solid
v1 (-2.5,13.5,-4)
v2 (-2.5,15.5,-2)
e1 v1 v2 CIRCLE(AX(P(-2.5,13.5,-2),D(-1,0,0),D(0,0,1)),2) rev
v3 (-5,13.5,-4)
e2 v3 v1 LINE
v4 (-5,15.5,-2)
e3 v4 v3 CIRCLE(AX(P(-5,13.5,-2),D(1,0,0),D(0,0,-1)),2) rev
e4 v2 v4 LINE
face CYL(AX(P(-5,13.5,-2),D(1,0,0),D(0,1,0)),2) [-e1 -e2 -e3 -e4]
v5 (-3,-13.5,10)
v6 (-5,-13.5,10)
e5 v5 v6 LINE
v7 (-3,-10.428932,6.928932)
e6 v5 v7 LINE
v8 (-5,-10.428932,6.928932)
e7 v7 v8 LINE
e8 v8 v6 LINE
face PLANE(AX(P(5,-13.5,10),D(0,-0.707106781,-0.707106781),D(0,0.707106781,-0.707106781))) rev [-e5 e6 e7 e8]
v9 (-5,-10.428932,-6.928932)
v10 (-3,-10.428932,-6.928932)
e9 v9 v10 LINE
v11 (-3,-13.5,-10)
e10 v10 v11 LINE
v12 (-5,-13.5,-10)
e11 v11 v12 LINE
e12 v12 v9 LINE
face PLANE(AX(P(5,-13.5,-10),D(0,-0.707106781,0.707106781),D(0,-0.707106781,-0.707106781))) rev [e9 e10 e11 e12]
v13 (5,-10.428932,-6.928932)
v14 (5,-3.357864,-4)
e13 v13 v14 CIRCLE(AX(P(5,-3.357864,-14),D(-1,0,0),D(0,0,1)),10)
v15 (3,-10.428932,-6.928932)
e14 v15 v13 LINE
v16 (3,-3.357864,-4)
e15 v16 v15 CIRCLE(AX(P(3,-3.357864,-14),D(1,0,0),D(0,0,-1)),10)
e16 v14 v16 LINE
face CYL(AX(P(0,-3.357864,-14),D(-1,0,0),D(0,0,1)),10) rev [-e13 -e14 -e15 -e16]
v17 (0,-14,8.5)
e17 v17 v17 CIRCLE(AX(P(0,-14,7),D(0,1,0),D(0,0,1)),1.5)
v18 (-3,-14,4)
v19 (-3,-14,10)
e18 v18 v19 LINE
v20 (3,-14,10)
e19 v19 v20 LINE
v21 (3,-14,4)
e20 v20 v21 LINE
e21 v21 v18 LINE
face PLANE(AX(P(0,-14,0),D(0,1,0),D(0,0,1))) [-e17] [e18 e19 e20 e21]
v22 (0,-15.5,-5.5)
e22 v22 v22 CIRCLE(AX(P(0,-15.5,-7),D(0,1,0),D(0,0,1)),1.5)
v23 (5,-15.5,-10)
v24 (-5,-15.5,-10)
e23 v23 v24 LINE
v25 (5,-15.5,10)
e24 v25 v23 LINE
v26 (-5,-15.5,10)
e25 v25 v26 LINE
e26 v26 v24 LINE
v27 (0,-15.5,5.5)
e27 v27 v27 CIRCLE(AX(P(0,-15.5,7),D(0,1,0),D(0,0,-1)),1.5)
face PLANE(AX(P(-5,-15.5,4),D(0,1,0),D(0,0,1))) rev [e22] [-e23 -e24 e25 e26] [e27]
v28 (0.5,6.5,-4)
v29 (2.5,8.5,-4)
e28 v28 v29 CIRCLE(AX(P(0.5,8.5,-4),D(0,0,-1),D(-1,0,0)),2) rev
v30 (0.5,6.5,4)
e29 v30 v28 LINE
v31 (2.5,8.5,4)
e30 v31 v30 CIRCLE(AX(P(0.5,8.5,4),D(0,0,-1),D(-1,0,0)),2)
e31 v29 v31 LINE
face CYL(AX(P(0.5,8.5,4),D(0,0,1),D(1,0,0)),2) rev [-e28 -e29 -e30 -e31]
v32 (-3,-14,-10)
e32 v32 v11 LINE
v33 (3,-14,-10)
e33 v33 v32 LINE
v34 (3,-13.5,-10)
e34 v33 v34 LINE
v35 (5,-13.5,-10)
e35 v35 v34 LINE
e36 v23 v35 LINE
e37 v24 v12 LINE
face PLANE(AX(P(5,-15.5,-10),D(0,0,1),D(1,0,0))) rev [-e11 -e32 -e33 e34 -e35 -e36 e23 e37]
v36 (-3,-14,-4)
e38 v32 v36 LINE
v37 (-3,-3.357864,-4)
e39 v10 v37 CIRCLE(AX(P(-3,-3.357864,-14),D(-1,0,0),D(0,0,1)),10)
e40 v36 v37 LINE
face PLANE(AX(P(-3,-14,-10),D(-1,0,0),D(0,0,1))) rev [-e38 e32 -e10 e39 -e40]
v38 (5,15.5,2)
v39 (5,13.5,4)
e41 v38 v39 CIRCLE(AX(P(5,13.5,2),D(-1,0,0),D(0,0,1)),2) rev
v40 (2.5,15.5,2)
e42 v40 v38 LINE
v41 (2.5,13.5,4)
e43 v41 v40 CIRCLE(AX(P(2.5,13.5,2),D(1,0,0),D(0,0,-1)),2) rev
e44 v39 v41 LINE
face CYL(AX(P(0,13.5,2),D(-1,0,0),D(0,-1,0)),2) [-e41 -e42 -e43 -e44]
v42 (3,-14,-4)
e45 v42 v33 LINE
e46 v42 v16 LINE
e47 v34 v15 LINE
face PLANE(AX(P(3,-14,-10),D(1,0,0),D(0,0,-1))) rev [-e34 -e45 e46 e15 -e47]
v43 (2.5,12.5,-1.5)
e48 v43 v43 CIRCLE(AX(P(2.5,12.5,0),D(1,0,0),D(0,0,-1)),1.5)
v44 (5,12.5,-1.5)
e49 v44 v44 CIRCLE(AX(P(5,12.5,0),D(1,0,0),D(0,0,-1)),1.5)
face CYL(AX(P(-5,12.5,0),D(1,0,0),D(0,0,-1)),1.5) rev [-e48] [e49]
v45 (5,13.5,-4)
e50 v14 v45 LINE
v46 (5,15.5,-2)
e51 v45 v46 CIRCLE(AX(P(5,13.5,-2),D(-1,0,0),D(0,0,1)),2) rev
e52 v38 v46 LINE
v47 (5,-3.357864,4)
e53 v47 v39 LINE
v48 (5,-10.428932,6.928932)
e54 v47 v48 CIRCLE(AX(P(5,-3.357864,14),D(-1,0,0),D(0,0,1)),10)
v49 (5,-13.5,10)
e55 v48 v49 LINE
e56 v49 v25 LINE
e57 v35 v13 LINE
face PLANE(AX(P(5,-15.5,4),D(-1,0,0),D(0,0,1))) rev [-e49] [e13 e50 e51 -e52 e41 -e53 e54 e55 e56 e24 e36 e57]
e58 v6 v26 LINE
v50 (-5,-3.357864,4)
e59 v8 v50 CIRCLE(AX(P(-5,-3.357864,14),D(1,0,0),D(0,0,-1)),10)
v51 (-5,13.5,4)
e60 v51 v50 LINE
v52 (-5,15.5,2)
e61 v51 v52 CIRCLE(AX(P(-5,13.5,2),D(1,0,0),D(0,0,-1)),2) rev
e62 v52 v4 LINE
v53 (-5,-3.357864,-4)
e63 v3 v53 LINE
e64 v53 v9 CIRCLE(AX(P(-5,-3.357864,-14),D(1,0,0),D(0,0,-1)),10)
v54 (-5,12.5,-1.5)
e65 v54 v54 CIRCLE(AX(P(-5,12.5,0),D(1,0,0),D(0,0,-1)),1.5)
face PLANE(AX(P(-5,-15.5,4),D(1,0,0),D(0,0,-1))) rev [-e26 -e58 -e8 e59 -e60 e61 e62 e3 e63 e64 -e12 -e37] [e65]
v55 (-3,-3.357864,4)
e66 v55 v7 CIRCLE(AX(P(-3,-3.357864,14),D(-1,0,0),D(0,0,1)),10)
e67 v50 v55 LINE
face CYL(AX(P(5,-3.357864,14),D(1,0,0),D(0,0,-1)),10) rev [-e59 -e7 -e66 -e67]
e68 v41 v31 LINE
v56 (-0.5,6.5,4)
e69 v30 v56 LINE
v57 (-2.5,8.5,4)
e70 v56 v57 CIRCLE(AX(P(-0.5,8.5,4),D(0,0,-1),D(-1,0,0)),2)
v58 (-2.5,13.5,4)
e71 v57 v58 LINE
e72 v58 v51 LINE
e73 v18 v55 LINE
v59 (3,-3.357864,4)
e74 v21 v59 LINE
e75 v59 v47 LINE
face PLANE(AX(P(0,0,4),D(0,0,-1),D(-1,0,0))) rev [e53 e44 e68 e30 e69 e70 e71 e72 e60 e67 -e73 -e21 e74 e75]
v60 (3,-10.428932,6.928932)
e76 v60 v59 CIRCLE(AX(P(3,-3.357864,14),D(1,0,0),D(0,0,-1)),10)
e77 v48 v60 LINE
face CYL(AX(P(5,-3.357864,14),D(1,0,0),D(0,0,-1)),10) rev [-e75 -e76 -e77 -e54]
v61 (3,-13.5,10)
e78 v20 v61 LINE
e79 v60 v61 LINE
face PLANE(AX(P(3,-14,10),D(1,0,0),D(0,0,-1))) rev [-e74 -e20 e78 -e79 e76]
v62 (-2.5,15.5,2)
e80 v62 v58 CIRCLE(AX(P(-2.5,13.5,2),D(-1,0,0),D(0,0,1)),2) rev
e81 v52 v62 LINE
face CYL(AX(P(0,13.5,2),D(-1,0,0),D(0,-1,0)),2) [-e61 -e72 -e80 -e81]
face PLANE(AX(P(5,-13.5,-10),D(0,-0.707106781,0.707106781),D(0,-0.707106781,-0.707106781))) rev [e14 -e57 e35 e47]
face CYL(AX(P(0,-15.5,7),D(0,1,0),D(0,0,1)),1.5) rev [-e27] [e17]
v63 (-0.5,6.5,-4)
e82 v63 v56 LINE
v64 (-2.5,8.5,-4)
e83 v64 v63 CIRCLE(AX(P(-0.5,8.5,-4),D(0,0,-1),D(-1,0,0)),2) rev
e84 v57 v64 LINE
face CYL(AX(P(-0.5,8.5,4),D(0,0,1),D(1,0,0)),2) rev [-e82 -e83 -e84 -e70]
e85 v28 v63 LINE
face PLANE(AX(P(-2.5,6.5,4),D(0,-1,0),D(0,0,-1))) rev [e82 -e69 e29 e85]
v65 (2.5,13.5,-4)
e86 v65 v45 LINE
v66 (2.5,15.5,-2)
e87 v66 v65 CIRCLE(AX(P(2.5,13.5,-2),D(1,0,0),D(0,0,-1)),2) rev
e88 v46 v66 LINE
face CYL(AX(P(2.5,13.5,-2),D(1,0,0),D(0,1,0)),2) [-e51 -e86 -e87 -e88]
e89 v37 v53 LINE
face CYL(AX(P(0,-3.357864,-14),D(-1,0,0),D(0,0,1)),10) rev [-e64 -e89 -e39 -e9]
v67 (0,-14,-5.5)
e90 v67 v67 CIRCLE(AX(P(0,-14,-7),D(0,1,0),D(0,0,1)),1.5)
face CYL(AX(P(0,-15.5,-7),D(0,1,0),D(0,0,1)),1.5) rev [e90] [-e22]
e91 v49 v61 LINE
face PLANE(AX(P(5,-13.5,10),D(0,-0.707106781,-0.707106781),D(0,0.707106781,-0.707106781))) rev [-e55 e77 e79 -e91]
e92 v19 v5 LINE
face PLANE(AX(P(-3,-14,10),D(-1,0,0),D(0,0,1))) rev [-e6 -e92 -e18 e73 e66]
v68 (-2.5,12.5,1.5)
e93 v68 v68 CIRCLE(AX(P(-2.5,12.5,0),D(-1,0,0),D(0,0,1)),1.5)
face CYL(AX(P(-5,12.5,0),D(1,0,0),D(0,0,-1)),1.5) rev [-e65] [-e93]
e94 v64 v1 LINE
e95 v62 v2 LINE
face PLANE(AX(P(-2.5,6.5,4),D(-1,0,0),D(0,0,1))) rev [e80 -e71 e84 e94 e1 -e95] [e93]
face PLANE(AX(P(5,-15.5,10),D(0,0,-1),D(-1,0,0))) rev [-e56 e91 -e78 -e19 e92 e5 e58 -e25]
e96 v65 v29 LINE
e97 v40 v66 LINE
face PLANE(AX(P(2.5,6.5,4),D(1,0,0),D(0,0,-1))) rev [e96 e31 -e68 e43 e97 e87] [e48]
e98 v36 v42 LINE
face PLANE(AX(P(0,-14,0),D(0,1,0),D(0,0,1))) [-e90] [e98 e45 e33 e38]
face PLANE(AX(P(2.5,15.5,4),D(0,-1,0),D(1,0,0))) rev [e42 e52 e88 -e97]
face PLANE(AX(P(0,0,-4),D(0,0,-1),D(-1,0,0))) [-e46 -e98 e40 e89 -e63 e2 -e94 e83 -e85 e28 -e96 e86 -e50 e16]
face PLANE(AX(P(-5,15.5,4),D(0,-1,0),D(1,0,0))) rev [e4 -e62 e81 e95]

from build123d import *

# Parameters (mm, degrees)
BOSS_EXTRUDE1_DEPTH = 4
SKETCH2_R           = 1.5
CUT_EXTRUDE1_DEPTH  = 19.874586088
BOSS_EXTRUDE2_DEPTH = 5
SKETCH4_W           = 6
SKETCH4_H           = 6
CUT_EXTRUDE2_DEPTH  = 14
SKETCH6_R           = 1.5
CUT_EXTRUDE3_DEPTH  = 20.111514854
FILLET1_R           = 10
FILLET2_R           = 2
FILLET3_R           = 2


with BuildPart() as part:
    # Sketch1 → Boss-Extrude1 (new, symmetric)
    with BuildSketch(Plane.XY):
        Polygon((2.5, 15.5), (5, 15.5), (5, -15.5), (-5, -15.5), (-5, 15.5), (-2.5, 15.5), (-2.5, 6.5), (2.5, 6.5), align=None)
    extrude(amount=BOSS_EXTRUDE1_DEPTH, both=True)

    # Sketch2 → Cut-Extrude1 (cut, through all)
    with BuildSketch(Plane(origin=(5, 0, 0), x_dir=(0, 0, -1), z_dir=(1, 0, 0))):
        with Locations((0, 12.5)):
            Circle(SKETCH2_R)
    extrude(amount=-CUT_EXTRUDE1_DEPTH, mode=Mode.SUBTRACT)

    # Sketch3 → Boss-Extrude2 (add, symmetric)
    with BuildSketch(Plane(origin=(0, 0, 0), x_dir=(0, 0, -1), z_dir=(1, 0, 0))):
        Polygon((-4, -15.5), (-10, -15.5), (-10, -13.5), (-4, -7.5), align=None)
        Polygon((4, -7.5), (4, -15.5), (10, -15.5), (10, -13.5), align=None)
    extrude(amount=BOSS_EXTRUDE2_DEPTH, both=True)

    # Sketch4 → Cut-Extrude2 (cut)
    with BuildSketch(Plane(origin=(0, 0, 0), x_dir=(1, 0, 0), z_dir=(0, 1, 0))):
        with Locations((0, 7)):
            Rectangle(SKETCH4_W, SKETCH4_H)
        with Locations((0, -7)):
            Rectangle(SKETCH4_W, SKETCH4_H)
    extrude(amount=-CUT_EXTRUDE2_DEPTH, mode=Mode.SUBTRACT)

    # Sketch6 → Cut-Extrude3 (cut, through all)
    with BuildSketch(Plane(origin=(0, 0, 0), x_dir=(1, 0, 0), z_dir=(0, 1, 0))):
        with Locations(Location((0, 7, 0), (0, 0, 270))):
            Circle(SKETCH6_R)
        with Locations(Location((0, -7, 0), (0, 0, 270))):
            Circle(SKETCH6_R)
    extrude(amount=-CUT_EXTRUDE3_DEPTH, mode=Mode.SUBTRACT)

    # Fillet1
    fillet1_edges = [part.edges().sort_by_distance(p)[0] for p in [
        (4, -7.5, 4),
        (4, -7.5, -4),
        (-4, -7.5, -4),
        (-4, -7.5, 4),
    ]]
    fillet(fillet1_edges, radius=FILLET1_R)

    # Fillet2
    fillet2_edges = [part.edges().sort_by_distance(p)[0] for p in [
        (-2.5, 6.5, 0),
        (2.5, 6.5, 0),
    ]]
    fillet(fillet2_edges, radius=FILLET2_R)

    # Fillet3
    fillet3_edges = [part.edges().sort_by_distance(p)[0] for p in [
        (3.75, 15.5, -4),
        (-3.75, 15.5, 4),
        (3.75, 15.5, 4),
        (-3.75, 15.5, -4),
    ]]
    fillet(fillet3_edges, radius=FILLET3_R)


solid = part.part
